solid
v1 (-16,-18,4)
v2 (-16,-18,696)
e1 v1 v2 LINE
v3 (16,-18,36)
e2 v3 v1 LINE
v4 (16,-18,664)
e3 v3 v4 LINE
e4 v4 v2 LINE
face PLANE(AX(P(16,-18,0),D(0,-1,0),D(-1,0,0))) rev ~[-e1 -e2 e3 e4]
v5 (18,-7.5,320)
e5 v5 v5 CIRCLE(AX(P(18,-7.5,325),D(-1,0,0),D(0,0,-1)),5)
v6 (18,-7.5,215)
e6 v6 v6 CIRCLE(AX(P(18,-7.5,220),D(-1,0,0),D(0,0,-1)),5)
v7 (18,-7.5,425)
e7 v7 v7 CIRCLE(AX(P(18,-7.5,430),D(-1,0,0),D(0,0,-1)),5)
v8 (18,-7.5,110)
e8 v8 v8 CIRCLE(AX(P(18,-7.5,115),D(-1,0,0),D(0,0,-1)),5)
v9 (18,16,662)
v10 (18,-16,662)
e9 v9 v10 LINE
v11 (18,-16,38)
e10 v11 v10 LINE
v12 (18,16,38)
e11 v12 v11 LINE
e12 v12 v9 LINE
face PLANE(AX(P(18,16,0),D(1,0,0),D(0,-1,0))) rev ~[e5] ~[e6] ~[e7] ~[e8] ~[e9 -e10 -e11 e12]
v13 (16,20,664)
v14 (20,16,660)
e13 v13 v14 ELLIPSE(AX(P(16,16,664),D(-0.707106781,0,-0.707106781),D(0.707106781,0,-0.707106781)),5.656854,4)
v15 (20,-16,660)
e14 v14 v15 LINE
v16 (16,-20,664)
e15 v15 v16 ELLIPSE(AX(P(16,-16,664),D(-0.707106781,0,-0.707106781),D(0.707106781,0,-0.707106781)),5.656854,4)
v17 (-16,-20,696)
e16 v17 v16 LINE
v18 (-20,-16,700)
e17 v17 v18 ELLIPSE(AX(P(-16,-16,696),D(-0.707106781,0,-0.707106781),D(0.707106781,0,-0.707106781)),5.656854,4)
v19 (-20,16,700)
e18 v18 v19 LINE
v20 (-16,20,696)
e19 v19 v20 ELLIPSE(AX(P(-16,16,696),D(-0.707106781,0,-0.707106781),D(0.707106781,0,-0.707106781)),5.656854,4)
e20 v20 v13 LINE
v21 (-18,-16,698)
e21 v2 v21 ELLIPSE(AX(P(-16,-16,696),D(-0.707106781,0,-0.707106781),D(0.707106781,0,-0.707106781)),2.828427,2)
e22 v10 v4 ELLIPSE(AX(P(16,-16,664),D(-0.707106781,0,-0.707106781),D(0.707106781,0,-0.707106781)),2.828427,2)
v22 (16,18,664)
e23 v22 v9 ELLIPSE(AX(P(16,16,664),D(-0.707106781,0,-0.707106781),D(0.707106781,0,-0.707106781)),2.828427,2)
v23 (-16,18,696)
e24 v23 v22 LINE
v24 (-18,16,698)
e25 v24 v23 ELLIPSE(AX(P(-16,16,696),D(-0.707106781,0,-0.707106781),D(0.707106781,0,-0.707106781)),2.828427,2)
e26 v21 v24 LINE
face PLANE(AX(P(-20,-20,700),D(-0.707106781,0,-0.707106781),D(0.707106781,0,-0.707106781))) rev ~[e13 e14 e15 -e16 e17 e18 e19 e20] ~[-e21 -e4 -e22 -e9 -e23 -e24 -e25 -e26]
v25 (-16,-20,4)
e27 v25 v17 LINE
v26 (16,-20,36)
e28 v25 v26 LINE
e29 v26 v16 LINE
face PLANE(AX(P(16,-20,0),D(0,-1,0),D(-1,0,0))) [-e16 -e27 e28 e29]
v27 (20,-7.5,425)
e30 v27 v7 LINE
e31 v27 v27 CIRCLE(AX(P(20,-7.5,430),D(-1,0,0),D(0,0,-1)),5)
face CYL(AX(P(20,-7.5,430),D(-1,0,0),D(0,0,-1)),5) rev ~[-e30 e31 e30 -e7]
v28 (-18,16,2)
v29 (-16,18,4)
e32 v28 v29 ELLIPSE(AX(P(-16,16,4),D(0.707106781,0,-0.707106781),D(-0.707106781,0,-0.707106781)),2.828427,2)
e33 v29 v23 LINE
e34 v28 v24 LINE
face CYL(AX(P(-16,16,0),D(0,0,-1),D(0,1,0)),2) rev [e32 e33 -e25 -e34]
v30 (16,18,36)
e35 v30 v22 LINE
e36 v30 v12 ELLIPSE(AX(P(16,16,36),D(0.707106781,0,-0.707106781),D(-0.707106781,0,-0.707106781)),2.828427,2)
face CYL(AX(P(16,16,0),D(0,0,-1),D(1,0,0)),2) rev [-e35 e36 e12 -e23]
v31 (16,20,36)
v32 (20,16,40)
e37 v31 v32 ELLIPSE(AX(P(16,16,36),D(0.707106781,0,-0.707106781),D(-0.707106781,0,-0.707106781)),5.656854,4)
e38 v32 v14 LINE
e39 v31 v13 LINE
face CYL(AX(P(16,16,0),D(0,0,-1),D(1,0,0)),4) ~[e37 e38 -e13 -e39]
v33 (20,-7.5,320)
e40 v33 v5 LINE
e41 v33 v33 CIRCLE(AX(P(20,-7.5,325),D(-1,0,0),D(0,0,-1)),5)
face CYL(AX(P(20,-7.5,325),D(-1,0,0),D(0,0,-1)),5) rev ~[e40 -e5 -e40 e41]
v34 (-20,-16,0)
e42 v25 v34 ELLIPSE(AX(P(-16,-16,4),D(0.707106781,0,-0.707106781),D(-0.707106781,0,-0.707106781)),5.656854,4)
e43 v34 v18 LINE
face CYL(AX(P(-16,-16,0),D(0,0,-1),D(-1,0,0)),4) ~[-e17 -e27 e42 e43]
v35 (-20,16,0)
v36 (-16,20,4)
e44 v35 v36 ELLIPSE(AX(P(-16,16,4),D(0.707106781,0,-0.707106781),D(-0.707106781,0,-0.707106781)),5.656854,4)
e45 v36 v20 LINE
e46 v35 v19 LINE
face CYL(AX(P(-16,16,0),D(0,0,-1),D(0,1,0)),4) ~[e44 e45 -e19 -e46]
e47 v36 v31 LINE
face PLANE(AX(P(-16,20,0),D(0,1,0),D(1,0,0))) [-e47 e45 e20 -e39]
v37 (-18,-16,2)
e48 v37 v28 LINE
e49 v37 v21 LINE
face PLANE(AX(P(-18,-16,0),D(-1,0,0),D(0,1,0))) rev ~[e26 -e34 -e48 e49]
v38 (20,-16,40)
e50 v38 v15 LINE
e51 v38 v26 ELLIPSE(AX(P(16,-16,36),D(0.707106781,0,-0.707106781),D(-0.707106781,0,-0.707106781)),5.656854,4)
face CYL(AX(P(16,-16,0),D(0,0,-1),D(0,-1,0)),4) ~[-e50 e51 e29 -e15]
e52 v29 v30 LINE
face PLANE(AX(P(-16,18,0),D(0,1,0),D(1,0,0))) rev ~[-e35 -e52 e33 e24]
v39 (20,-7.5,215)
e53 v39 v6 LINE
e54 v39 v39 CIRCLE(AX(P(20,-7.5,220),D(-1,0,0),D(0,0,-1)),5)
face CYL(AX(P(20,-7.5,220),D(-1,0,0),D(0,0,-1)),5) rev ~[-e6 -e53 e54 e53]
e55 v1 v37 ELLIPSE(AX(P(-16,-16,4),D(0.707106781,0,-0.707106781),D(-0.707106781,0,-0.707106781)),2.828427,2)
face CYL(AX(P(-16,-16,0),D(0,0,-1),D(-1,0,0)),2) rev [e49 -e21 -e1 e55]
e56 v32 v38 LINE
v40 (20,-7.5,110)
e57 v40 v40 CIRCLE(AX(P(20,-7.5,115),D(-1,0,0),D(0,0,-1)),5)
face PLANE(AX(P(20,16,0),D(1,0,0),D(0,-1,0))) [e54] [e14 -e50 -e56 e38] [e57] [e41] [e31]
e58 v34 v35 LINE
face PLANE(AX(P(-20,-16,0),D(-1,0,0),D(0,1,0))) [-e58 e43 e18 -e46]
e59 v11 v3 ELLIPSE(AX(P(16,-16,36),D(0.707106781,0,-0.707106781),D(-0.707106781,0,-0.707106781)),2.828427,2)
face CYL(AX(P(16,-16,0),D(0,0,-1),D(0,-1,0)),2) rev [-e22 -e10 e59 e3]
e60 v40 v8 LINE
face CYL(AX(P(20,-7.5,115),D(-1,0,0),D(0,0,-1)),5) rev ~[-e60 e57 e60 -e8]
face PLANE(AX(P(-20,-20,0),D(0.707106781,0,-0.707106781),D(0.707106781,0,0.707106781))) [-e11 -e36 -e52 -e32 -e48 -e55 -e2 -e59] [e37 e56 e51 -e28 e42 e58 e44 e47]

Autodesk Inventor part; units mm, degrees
ref_plane "YZ Plane" through (0, 0, 0) normal (1, 0, 0) x (0, 1, 0)
ref_plane "Piano iniziale" through (0, 0, 0) normal (0, 0, 1) x (1, 0, 0)
ref_plane "Piano finale" through (0, 0, 700) normal (0, 0, 1) x (1, 0, 0)
sketch "Schizzo" plane through (0, 0, 0) normal (0, 0, 1) x (1, 0, 0)
  line L0 (-20, -16) -> (-20, 16)
  line L1 (-16, 20) -> (16, 20)
  line L2 (20, 16) -> (20, -16)
  line L3 (16, -20) -> (-16, -20)
  arc A0 (-20, -16) -> (-16, -20) centre (-16, -16) ccw
  arc A1 (20, 16) -> (16, 20) centre (16, 16) ccw
  arc A2 (-16, 20) -> (-20, 16) centre (-16, 16) ccw
  arc A3 (16, -20) -> (20, -16) centre (16, -16) ccw
  arc A4 (-16, 18) -> (-18, 16) centre (-16, 16) ccw
  line L4 (-16, 18) -> (16, 18)
  arc A5 (18, 16) -> (16, 18) centre (16, 16) ccw
  line L5 (18, 16) -> (18, -16)
  arc A6 (16, -18) -> (18, -16) centre (16, -16) ccw
  line L6 (16, -18) -> (-16, -18)
  arc A7 (-18, -16) -> (-16, -18) centre (-16, -16) ccw
  line L7 (-18, -16) -> (-18, 16)
  line L8 (0, 29.1598) -> (0, -29.1598) construction
  line L9 (-29.1598, 0) -> (29.1598, 0) construction
  dimension "d7" = 4
  dimension "d9" = 40
  dimension "d11" = 40
  dimension "d12" = 2
  dimension "d15" = 20
  dimension "d16" = 20
extrude "Corpo" add sketch "Schizzo" along normal up to surface (700 mm away) from surface at 0
sketch "Sketch3" plane through (0, 0, 0) normal (0, 0, 1) x (1, 0, 0)
  line L0 (0, 0) -> (10, 0)
ref_plane "Work Plane3" through (0, 0, 0) normal (0, -1, 0) x (1, 0, 0)
sketch "Sketch4" plane through (0, 0, 0) normal (0, -1, 0) x (1, 0, 0)
  line L0 (-2, 0) -> (12, 0)
  line L1 (-2, 700) -> (12, 700)
  dimension "d18" = 700
sketch "Schizzo5" plane through (-16, -20, 0) normal (0, -1, 0) x (1, 0, 0)
  line L0 (-4, 0) -> (-4, 700) projected
  line L1 (-4, 0) -> (0, 0) projected
  line L2 (-4, 700) -> (0, 700) projected
  line L3 (-4, 700) -> (0, 700) projected
  line L4 (-4, 700) -> (46.6766, 649.3234)
  line L5 (-4, 700) -> (67.6675, 700) construction
  line L6 (46.6766, 649.3234) -> (46.6766, 733.8871)
  line L7 (46.6766, 733.8871) -> (-4, 700)
  line L8 (-4, 0) -> (55.8193, 59.8193)
  line L9 (-4, 0) -> (80.5973, 0) construction
  line L10 (55.8193, 59.8193) -> (55.8193, -51.0015)
  line L11 (55.8193, -51.0015) -> (-4, 0)
  point P0 (16, 0)
  dimension "d19" = 45
  dimension "d20" = 45
extrude "Estrusione2" cut sketch "Schizzo5" against normal up to next
sketch "Schizzo6" plane through (20, -16, 660) normal (1, 0, 0) x (0, 0, -1)
  circle A0 centre (230, 8.5) radius 5 projected
  circle A1 centre (545, 8.5) radius 5 projected
  circle A2 centre (335, 8.5) radius 5 projected
  circle A3 centre (440, 8.5) radius 5 projected
  line L0 (0, 0) -> (0, 32) projected
  line L1 (620, 32) -> (0, 32) projected
  line L2 (620, 0) -> (620, 32) projected
  line L3 (620, 0) -> (0, 0) projected
  point P0 (660, 16)
hole "Foro1" at (20, -7.5, 115) at (20, -7.5, 220) at (20, -7.5, 325) at (20, -7.5, 430) direction (-1, 0, 0) diameter 10 depth 8 tip angle 118
equation "\"d7\" = G_IR"
equation "\"d9\" = G_W"
equation "\"d11\" = G_H"
equation "\"d12\" = G_T"
equation "\"d15\" = 0.5 * d9"
equation "\"d16\" = 0.5 * d11"
equation "\"d3\" = G_L"
equation "\"G_W\" = 40"
equation "\"G_H\" = 40"
equation "\"G_T\" = 2"
equation "\"G_IR\" = 4"
equation "\"G_L\" = d18"
equation "\"G_OFFSET_START\" = 0"
equation "\"G_OFFSET_END\" = 0"
properties part number "ISO 10799-2 - 40x40x2 - 700" material "Acciaio, Dolce"
